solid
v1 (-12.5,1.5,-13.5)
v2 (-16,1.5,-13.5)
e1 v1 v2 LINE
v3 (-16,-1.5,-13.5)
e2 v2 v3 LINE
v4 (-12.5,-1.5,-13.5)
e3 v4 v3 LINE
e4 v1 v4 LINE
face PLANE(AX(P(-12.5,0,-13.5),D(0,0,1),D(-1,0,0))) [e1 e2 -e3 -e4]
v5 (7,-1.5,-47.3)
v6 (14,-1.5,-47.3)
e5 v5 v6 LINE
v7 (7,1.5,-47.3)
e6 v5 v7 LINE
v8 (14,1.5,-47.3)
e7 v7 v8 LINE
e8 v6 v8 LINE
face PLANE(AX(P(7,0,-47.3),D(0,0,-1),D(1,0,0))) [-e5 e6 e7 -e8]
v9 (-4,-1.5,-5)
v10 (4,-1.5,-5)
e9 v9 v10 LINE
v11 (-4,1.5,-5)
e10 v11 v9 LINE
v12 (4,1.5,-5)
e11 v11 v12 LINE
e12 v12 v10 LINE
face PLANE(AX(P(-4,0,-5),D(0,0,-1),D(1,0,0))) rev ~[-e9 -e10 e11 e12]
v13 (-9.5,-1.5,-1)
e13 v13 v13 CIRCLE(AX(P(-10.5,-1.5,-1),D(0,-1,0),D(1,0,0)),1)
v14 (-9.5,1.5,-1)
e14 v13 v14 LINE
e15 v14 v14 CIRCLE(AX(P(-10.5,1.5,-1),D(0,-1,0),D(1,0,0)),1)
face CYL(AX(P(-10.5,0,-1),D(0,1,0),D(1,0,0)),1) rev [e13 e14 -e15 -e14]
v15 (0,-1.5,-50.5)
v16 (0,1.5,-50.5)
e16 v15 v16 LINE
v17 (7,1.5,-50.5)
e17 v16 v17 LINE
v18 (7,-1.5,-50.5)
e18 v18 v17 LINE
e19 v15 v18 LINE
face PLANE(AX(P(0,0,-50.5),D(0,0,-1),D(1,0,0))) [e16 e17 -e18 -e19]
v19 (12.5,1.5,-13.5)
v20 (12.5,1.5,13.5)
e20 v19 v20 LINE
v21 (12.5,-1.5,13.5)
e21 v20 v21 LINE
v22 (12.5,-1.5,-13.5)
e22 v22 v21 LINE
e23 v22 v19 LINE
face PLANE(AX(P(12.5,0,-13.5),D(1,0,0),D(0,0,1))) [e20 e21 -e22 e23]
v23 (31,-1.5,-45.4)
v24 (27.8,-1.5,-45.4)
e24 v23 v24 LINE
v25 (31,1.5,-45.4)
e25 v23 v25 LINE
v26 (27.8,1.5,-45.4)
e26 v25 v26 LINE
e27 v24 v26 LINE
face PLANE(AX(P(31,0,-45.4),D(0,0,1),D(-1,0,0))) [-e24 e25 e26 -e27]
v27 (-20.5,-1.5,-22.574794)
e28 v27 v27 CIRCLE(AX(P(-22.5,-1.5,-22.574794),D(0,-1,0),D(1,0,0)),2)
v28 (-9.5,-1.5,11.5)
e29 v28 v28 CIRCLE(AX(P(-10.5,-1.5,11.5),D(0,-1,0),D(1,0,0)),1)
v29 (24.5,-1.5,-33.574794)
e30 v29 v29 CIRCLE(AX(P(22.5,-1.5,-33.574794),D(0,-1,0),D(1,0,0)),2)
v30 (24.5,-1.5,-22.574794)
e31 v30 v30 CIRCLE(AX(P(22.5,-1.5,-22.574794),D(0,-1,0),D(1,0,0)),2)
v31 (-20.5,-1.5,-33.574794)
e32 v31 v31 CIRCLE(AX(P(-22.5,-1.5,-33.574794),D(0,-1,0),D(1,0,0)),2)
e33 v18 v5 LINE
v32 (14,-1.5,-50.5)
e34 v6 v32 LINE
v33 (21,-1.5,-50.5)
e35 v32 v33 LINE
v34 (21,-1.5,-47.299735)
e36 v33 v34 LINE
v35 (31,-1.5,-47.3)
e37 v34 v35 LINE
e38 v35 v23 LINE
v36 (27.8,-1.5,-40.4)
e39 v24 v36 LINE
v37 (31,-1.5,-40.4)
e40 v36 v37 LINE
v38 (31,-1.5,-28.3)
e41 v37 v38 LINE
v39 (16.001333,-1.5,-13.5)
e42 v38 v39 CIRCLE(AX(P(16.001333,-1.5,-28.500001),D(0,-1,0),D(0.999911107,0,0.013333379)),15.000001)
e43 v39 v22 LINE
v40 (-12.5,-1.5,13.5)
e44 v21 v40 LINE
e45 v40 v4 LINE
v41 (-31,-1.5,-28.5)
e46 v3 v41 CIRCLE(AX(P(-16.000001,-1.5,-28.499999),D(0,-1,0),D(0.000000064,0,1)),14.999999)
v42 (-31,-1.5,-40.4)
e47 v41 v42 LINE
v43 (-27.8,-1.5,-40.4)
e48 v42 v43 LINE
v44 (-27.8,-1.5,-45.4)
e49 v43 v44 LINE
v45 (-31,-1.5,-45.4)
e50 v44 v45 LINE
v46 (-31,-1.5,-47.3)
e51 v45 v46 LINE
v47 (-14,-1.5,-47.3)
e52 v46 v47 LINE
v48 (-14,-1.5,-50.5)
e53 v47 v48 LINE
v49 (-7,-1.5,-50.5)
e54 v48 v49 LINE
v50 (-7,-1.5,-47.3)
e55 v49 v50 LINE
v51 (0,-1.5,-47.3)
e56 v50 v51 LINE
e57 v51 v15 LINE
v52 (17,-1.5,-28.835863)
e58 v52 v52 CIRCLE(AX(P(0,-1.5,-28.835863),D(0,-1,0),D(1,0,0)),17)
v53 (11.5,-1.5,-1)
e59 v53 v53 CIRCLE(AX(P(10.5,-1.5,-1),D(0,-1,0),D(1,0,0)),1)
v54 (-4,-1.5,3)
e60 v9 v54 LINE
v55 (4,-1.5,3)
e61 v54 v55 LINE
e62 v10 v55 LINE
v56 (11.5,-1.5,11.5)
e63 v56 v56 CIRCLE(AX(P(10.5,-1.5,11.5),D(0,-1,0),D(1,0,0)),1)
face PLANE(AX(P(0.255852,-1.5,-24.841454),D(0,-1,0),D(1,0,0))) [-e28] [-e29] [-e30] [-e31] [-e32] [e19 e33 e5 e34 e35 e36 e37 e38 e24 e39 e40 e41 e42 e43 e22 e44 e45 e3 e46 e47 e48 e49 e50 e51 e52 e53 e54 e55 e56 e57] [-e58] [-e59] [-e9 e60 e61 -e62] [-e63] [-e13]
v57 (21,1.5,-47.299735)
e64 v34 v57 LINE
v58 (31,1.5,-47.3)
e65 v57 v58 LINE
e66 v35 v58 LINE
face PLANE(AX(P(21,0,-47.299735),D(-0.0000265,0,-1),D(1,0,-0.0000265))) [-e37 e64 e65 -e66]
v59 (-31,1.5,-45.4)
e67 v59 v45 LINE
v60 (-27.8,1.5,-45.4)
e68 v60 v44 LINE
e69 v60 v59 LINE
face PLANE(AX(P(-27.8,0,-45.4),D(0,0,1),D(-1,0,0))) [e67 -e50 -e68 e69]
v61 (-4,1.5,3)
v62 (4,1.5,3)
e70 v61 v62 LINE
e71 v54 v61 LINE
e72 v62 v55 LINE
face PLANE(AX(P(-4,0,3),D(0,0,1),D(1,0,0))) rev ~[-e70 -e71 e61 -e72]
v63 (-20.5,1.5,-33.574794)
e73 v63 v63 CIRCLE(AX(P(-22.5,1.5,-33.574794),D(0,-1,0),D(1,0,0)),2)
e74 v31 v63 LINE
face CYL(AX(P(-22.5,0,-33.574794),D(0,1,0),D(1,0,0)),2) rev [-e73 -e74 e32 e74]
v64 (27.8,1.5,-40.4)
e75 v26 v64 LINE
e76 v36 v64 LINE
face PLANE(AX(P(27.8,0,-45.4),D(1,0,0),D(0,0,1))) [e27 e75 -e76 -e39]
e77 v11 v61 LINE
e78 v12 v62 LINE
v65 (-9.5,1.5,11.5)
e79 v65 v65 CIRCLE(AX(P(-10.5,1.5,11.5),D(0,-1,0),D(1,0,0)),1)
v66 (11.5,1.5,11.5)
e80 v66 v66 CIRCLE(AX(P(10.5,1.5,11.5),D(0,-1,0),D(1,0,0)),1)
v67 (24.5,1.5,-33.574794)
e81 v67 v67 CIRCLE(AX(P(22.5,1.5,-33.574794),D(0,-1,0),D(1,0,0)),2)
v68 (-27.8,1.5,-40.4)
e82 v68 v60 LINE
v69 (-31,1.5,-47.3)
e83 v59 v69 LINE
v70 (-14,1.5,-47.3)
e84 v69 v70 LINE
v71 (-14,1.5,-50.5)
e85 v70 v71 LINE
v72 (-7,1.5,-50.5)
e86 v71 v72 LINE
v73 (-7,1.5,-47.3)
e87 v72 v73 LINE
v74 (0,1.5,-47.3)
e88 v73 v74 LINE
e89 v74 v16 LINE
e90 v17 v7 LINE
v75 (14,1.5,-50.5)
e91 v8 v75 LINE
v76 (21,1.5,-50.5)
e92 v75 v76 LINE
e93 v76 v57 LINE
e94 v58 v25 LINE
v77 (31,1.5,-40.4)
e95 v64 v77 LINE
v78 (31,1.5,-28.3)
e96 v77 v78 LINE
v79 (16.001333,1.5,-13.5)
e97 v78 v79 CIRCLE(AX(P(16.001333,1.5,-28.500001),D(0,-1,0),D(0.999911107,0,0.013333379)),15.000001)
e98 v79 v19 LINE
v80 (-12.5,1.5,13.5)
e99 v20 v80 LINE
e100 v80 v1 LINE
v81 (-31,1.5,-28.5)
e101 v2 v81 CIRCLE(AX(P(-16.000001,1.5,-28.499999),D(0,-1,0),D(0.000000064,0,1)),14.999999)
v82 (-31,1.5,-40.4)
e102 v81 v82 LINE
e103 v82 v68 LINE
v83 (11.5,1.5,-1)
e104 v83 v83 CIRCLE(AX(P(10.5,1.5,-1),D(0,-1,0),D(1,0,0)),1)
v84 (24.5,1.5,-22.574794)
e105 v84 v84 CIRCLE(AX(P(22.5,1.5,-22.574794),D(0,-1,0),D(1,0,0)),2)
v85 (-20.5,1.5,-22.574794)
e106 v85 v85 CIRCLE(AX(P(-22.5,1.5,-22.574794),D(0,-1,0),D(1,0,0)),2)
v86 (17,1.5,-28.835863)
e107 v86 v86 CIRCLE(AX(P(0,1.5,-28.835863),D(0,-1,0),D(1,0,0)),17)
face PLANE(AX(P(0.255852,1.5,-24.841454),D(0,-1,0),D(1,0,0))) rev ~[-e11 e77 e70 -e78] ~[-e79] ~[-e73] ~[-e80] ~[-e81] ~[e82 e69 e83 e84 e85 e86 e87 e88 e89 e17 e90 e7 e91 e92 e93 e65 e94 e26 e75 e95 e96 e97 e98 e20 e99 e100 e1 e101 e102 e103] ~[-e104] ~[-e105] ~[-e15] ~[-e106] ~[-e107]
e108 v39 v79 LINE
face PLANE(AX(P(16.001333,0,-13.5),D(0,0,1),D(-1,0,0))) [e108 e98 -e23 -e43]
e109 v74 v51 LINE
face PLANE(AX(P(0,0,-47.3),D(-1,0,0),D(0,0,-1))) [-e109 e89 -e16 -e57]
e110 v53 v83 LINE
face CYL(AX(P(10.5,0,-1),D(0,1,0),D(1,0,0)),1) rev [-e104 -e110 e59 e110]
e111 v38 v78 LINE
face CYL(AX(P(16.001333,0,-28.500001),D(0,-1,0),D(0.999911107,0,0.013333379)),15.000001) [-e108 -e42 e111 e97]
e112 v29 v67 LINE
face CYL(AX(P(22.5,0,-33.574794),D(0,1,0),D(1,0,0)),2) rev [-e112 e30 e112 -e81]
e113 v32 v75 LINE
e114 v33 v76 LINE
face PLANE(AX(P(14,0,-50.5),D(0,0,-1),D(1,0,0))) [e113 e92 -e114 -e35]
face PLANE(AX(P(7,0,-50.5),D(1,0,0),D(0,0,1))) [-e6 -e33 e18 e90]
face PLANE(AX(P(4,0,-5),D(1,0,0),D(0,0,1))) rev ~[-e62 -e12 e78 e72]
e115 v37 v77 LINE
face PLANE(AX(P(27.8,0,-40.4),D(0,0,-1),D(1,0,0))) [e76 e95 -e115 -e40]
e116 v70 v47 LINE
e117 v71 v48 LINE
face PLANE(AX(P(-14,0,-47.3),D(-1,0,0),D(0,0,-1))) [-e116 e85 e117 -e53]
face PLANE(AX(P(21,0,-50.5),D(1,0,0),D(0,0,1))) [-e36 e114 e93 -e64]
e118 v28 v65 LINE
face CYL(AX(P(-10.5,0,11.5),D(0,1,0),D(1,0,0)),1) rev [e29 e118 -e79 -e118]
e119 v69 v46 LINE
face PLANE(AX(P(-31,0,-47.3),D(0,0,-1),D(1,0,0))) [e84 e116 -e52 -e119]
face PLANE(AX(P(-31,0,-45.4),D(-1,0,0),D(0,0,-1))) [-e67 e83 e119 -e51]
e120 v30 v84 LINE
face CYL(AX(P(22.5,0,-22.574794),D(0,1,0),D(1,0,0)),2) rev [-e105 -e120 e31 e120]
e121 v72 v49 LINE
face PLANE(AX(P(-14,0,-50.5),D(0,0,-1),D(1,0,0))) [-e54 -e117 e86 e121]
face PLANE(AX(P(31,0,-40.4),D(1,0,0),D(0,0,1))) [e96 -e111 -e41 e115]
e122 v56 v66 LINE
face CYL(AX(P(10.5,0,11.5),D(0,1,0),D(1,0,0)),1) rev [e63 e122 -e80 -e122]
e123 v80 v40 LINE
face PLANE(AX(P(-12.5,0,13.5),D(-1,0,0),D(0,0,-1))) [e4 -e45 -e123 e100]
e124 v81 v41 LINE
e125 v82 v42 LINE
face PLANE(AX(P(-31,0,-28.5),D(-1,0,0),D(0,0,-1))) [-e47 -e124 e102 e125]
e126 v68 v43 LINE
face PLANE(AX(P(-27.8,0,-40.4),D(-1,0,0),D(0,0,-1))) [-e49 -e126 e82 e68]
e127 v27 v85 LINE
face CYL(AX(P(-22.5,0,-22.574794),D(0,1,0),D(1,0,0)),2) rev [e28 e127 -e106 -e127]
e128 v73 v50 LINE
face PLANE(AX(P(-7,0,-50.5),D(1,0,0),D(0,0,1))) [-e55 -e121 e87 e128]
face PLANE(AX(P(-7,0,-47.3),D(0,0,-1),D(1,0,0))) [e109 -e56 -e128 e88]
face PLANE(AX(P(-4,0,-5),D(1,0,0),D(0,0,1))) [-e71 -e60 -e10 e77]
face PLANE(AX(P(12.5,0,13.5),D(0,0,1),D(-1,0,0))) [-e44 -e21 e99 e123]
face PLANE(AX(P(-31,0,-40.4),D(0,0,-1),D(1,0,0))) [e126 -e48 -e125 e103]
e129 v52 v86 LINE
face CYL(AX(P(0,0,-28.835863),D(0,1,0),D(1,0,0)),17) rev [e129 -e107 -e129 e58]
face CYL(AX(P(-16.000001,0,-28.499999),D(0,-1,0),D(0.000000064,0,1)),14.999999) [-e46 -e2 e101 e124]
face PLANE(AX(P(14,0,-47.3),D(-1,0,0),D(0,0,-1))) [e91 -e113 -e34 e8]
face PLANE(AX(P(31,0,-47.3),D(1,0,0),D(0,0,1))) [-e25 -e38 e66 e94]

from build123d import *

# Parameters (mm, degrees)
F0_R     = 2
F0_R_2   = 17
F0_R_3   = 1
F0_W     = 8
F0_H     = 8
F1_DEPTH = 1.5


with BuildPart() as f1:
    # F0 (on Front) → F1 (new body, symmetric)
    with BuildSketch(Plane.XZ):
        with BuildLine():
            Line((12.5, -13.5), (12.5, 13.5))
            Line((12.5, 13.5), (-12.5, 13.5))
            Line((-12.5, 13.5), (-12.5, -13.5))
            Line((-12.5, -13.5), (-16, -13.5))
            ThreePointArc((-16, -13.5), (-26.606602, -17.893398), (-31, -28.5))
            Line((-31, -28.5), (-31, -35.5))
            Line((-31, -35.5), (-31, -40.4))
            Line((-31, -40.4), (-27.8, -40.4))
            Line((-27.8, -40.4), (-27.8, -45.4))
            Line((-27.8, -45.4), (-31, -45.4))
            Line((-31, -45.4), (-31, -47.3))
            Line((-31, -47.3), (-14, -47.3))
            Line((-14, -47.3), (-14, -50.5))
            Line((-14, -50.5), (-7, -50.5))
            Line((-7, -50.5), (-7, -47.3))
            Line((-7, -47.3), (0, -47.3))
            Line((0, -47.3), (0, -50.5))
            Line((0, -50.5), (7, -50.5))
            Line((7, -50.5), (7, -47.3))
            Line((7, -47.3), (14, -47.3))
            Line((14, -47.3), (14, -50.5))
            Line((14, -50.5), (21, -50.5))
            Line((21, -50.5), (21, -47.299735))
            Line((21, -47.299735), (31, -47.3))
            Line((31, -47.3), (31, -45.4))
            Line((31, -45.4), (27.8, -45.4))
            Line((27.8, -45.4), (27.8, -40.4))
            Line((27.8, -40.4), (31, -40.4))
            Line((31, -40.4), (31, -35.5))
            Line((31, -35.5), (31, -30.3))
            Line((31, -30.3), (31, -28.3))
            ThreePointArc((31, -28.3), (26.536987, -17.822922), (16.001333, -13.5))
            Line((16.001333, -13.5), (12.5, -13.5))
        make_face()
        with Locations((-22.5, -33.574794)):
            Circle(F0_R, mode=Mode.SUBTRACT)
        with Locations((-22.5, -22.574794)):
            Circle(F0_R, mode=Mode.SUBTRACT)
        with Locations((0, -28.835863)):
            Circle(F0_R_2, mode=Mode.SUBTRACT)
        with Locations((22.5, -33.574794)):
            Circle(F0_R, mode=Mode.SUBTRACT)
        with Locations((22.5, -22.574794)):
            Circle(F0_R, mode=Mode.SUBTRACT)
        with Locations((-10.5, -1)):
            Circle(F0_R_3, mode=Mode.SUBTRACT)
        with Locations((-10.5, 11.5)):
            Circle(F0_R_3, mode=Mode.SUBTRACT)
        with Locations((0, -1)):
            Rectangle(F0_W, F0_H, mode=Mode.SUBTRACT)
        with Locations((10.5, -1)):
            Circle(F0_R_3, mode=Mode.SUBTRACT)
        with Locations((10.5, 11.5)):
            Circle(F0_R_3, mode=Mode.SUBTRACT)
    extrude(amount=F1_DEPTH, both=True)


solid = f1.part
